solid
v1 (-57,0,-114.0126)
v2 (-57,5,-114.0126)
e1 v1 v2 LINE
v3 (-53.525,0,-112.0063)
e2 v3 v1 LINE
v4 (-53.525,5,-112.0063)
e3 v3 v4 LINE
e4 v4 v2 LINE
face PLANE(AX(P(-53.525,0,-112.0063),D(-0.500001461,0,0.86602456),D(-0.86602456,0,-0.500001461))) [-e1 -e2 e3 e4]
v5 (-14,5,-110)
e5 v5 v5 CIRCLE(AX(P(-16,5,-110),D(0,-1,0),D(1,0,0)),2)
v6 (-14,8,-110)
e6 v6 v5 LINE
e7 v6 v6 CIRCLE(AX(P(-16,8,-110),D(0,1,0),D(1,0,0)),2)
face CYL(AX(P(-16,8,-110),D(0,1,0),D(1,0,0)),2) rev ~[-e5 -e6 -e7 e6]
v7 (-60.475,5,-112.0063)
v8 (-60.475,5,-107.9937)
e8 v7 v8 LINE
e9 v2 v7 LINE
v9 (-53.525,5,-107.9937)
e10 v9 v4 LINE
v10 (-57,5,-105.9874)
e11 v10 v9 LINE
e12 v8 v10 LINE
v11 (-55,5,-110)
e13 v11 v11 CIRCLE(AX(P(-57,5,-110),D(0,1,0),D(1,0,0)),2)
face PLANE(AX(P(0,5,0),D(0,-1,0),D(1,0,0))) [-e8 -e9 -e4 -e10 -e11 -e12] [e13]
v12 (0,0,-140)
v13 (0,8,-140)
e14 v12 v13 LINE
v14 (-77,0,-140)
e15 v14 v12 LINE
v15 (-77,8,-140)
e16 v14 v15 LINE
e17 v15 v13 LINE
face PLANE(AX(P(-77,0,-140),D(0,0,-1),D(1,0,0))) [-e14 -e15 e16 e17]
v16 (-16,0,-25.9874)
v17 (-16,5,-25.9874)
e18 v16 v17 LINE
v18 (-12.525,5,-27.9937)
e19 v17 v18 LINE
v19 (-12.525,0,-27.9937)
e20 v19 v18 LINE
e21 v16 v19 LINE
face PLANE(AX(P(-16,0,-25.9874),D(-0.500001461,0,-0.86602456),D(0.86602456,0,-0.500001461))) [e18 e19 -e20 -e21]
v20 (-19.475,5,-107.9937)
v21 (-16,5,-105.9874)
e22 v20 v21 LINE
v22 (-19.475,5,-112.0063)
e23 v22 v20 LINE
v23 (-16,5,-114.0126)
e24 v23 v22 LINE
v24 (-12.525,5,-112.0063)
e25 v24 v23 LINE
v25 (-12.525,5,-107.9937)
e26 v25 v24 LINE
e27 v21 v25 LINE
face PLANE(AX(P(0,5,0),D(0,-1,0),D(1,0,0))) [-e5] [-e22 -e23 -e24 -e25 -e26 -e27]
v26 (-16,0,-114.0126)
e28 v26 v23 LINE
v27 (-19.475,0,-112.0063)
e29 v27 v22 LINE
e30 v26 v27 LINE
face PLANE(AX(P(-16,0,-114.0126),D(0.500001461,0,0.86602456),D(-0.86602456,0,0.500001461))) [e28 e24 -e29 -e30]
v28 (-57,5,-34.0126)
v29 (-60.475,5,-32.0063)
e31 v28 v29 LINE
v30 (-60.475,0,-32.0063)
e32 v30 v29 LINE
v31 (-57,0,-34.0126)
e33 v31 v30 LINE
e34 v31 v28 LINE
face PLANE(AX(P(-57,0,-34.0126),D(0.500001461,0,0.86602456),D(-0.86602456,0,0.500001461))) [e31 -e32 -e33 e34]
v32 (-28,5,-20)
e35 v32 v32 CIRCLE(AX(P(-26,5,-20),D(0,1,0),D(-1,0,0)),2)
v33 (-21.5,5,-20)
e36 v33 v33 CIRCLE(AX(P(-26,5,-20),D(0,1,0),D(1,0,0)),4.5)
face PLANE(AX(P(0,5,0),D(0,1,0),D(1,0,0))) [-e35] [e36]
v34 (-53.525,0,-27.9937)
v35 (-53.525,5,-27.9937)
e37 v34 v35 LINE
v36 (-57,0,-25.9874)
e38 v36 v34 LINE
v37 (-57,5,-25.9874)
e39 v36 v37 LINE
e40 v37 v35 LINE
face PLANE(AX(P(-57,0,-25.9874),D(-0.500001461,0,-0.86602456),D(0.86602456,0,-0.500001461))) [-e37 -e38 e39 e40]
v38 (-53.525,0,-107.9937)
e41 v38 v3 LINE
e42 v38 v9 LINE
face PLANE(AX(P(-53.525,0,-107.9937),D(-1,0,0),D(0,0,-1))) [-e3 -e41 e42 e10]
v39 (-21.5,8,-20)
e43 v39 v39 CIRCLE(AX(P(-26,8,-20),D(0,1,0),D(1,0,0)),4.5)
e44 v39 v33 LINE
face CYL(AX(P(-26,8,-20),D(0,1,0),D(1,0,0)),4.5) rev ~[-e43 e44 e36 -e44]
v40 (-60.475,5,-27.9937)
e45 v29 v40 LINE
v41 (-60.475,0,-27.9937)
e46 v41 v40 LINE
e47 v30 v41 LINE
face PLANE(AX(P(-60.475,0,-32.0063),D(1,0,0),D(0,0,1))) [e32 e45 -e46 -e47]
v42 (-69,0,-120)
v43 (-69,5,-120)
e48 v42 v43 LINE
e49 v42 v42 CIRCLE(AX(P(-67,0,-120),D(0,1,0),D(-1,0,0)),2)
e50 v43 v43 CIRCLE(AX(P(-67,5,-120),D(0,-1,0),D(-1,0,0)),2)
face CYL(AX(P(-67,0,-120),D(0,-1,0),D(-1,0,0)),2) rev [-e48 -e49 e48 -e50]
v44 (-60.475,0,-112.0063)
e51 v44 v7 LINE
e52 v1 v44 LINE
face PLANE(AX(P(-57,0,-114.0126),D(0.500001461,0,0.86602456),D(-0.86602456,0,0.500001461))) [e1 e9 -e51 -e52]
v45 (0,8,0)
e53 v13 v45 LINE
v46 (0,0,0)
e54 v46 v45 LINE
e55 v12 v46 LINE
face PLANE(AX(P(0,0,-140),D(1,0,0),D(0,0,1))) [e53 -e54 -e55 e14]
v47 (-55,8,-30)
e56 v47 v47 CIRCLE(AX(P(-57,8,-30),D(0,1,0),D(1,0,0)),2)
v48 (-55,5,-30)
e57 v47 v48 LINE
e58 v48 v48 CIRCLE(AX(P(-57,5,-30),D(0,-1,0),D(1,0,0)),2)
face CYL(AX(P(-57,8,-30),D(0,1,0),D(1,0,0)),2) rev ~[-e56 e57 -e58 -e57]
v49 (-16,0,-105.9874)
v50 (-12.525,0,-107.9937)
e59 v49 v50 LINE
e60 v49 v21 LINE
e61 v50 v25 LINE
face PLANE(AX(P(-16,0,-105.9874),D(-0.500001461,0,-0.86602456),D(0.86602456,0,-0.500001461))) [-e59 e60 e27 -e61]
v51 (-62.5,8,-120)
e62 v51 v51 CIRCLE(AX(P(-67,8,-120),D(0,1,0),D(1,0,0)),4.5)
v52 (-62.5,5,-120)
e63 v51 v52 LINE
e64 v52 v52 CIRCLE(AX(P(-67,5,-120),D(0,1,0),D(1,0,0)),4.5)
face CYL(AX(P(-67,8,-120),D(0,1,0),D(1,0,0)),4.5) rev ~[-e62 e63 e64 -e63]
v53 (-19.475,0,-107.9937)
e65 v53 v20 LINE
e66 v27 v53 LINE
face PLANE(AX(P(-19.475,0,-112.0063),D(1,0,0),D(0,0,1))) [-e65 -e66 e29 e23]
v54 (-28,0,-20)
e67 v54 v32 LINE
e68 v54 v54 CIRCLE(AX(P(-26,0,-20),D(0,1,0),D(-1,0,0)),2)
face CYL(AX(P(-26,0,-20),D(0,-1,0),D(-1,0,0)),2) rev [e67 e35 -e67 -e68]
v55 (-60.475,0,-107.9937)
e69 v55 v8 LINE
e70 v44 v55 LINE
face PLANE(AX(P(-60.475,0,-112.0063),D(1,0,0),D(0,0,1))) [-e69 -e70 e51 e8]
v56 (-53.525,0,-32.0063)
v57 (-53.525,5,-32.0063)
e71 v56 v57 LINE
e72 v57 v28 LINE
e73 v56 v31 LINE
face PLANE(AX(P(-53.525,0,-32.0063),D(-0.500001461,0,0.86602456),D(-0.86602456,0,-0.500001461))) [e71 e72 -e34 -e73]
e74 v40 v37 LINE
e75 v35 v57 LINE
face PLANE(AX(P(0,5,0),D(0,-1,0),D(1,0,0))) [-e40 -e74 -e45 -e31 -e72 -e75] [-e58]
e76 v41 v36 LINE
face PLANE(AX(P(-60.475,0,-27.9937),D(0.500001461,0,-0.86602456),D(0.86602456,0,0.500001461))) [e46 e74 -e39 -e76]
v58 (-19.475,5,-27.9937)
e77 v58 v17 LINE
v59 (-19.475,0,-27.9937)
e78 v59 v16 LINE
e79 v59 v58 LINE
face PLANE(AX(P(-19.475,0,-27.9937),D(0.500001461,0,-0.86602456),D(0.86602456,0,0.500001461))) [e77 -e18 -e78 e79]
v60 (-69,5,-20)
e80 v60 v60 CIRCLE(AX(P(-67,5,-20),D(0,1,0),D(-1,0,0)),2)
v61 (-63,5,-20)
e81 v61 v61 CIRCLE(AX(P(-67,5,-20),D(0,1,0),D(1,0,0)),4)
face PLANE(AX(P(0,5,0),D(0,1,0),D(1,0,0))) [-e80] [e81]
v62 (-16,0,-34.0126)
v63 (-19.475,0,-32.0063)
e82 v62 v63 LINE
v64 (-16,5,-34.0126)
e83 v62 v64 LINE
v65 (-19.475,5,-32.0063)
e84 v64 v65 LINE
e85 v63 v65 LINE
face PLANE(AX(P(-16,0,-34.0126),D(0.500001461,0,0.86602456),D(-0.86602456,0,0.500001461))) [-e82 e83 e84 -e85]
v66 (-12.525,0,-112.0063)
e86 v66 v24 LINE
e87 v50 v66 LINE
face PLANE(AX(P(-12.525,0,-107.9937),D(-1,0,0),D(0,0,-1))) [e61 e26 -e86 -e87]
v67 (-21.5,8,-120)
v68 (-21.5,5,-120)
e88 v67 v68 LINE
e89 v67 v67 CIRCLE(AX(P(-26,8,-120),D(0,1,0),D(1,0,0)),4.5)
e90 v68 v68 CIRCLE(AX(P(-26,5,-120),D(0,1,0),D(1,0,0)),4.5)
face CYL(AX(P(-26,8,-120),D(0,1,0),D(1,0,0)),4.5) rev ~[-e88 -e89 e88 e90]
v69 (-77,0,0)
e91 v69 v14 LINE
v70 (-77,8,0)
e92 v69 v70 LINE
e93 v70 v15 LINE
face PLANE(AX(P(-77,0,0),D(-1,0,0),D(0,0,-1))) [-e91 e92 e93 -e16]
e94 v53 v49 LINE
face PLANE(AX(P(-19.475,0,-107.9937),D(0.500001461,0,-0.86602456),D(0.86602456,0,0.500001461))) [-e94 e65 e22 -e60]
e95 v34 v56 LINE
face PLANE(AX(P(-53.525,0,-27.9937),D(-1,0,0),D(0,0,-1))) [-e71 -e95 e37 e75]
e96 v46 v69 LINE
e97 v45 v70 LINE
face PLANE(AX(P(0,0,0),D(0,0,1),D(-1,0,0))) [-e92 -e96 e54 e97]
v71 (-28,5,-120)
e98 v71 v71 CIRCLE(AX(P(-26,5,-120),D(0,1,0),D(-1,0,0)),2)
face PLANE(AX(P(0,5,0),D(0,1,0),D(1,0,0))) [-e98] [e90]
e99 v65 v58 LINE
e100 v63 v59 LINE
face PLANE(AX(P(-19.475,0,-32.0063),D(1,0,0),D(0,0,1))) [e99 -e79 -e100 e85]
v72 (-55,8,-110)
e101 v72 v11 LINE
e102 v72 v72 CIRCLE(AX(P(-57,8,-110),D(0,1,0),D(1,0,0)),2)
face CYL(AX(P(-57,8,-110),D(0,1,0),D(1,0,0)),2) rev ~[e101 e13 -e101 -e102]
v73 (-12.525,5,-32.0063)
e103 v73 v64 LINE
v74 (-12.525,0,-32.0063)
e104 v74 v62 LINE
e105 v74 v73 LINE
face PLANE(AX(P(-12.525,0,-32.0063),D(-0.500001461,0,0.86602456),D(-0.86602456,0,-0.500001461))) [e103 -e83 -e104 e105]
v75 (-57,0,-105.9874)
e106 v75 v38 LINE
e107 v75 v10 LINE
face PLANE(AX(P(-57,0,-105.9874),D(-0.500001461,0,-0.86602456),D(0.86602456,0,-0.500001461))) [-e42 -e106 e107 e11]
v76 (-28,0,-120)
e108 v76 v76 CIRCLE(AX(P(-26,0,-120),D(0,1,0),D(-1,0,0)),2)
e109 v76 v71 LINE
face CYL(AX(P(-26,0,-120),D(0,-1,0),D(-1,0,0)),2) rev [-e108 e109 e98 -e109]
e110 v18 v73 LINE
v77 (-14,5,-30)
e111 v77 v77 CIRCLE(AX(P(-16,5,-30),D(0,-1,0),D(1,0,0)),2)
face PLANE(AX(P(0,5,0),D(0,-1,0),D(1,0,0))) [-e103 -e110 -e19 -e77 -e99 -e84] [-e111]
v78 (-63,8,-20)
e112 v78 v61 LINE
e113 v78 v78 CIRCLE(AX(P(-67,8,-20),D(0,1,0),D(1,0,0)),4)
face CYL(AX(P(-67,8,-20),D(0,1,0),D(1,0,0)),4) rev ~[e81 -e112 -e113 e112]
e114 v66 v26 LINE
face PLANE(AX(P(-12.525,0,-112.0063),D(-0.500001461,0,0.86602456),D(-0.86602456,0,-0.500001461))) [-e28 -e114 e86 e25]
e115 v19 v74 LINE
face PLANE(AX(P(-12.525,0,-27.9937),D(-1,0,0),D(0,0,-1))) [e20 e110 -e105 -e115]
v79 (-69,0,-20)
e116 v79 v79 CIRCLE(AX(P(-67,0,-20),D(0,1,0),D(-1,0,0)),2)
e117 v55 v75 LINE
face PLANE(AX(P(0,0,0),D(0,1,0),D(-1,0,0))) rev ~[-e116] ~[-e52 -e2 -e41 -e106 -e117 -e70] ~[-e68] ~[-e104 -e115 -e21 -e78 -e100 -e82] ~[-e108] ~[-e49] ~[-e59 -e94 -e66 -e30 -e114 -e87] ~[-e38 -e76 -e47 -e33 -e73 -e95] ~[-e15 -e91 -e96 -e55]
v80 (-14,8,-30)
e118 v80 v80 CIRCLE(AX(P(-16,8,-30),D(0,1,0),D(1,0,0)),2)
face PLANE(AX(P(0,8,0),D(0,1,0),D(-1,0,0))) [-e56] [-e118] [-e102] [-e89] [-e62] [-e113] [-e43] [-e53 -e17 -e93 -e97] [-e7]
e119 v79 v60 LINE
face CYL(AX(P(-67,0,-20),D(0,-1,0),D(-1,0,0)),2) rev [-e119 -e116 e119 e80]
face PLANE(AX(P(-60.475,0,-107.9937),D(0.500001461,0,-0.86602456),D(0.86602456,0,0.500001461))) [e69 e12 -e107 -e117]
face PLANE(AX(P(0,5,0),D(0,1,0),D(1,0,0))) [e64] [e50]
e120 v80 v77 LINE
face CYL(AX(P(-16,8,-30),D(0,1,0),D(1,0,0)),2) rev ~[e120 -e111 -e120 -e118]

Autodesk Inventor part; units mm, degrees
ref_plane "YZ Plane" through (0, 0, 0) normal (1, 0, 0) x (0, 1, 0)
ref_plane "XZ Plane" through (0, 0, 0) normal (0, 1, 0) x (-1, 0, 0)
ref_plane "XY Plane" through (0, 0, 0) normal (0, 0, 1) x (1, 0, 0)
sketch "Esboço1" plane through (0, 0, 0) normal (0, 1, 0) x (-1, 0, 0)
  line L0 (0, 0) -> (77, 0)
  line L1 (77, 0) -> (77, -140)
  line L2 (77, -140) -> (0, -140)
  line L3 (0, -140) -> (0, 0)
  circle A0 centre (67, -20) radius 2
  circle A1 centre (67, -120) radius 2
  circle A2 centre (26, -20) radius 2
  circle A3 centre (26, -120) radius 2
  dimension "d0" = 77
  dimension "d1" = 140
  dimension "d2" = 4
  dimension "d3" = 4
  dimension "d4" = 4
  dimension "d5" = 4
  dimension "d6" = 10
  dimension "d7" = 10
  dimension "d8" = 20
  dimension "d9" = 20
  dimension "d10" = 20
  dimension "d11" = 20
  dimension "d12" = 26
  dimension "d13" = 26
extrude "Extrusão1" add sketch "Esboço1" along normal blind 8
sketch "Esboço2" plane through (0, 8, 0) normal (0, 1, 0) x (1, 0, 0)
  circle A0 centre (-67, 20) radius 2 projected
  circle A1 centre (-26, 20) radius 2 projected
  circle A2 centre (-26, 120) radius 2 projected
  circle A3 centre (-67, 120) radius 2 projected
  circle A4 centre (-67, 20) radius 4
  circle A5 centre (-67, 120) radius 2 projected
  circle A6 centre (-67, 120) radius 4.5
  circle A7 centre (-26, 120) radius 2 projected
  circle A8 centre (-26, 120) radius 4.5
  circle A9 centre (-26, 20) radius 2 projected
  circle A10 centre (-26, 20) radius 4.5
  point P0 (0, 0)
  dimension "d16" = 8
  dimension "d17" = 9
  dimension "d18" = 9
  dimension "d19" = 9
extrude "Extrusão2" cut sketch "Esboço2" against normal blind 3 contours A3 | A4 | A6 | A8 | A10
sketch "Esboço3" plane through (0, 8, 0) normal (0, 1, 0) x (1, 0, 0)
  point P0 (0, 0)
sketch "Esboço4" plane through (0, 8, 0) normal (0, 1, 0) x (1, 0, 0)
  circle A0 centre (-57, 30) radius 2
  circle A1 centre (-57, 110) radius 2
  circle A2 centre (-67, 20) radius 2 projected
  circle A3 centre (-67, 120) radius 2 projected
  circle A4 centre (-16, 30) radius 2
  circle A5 centre (-16, 110) radius 2
  circle A6 centre (-26, 20) radius 2 projected
  circle A7 centre (-26, 120) radius 2 projected
  point P0 (0, 0)
  dimension "d22" = 4
  dimension "d23" = 4
  dimension "d24" = 10
  dimension "d25" = 10
  dimension "d26" = 10
  dimension "d27" = 10
  dimension "d28" = 4
  dimension "d29" = 4
  dimension "d30" = 10
  dimension "d31" = 10
  dimension "d32" = 10
  dimension "d33" = 10
extrude "Extrusão3" cut sketch "Esboço4" against normal blind 12 contours A0 | A1 | A4 | A5
sketch "Esboço5" plane through (0, 0, 0) normal (0, -1, 0) x (1, 0, 0)
  circle A0 centre (-57, -110) radius 2 projected
  circle A1 centre (-16, -110) radius 2 projected
  circle A2 centre (-16, -30) radius 2 projected
  circle A3 centre (-57, -30) radius 2 projected
  line L0 (-53.525, -112.0063) -> (-57, -114.0126)
  line L1 (-57, -114.0126) -> (-60.475, -112.0063)
  line L2 (-60.475, -112.0063) -> (-60.475, -107.9937)
  line L3 (-60.475, -107.9937) -> (-57, -105.9874)
  line L4 (-57, -105.9874) -> (-53.525, -107.9937)
  line L5 (-53.525, -107.9937) -> (-53.525, -112.0063)
  line L6 (-53.525, -32.0063) -> (-57, -34.0126)
  line L7 (-57, -34.0126) -> (-60.475, -32.0063)
  line L8 (-60.475, -32.0063) -> (-60.475, -27.9937)
  line L9 (-60.475, -27.9937) -> (-57, -25.9874)
  line L10 (-57, -25.9874) -> (-53.525, -27.9937)
  line L11 (-53.525, -27.9937) -> (-53.525, -32.0063)
  line L12 (-16, -105.9874) -> (-12.525, -107.9937)
  line L13 (-12.525, -107.9937) -> (-12.525, -112.0063)
  line L14 (-12.525, -112.0063) -> (-16, -114.0126)
  line L15 (-16, -114.0126) -> (-19.475, -112.0063)
  line L16 (-19.475, -112.0063) -> (-19.475, -107.9937)
  line L17 (-19.475, -107.9937) -> (-16, -105.9874)
  circle A4 centre (-16, -30) radius 2 projected
  line L18 (-12.525, -32.0063) -> (-16, -34.0126)
  line L19 (-16, -34.0126) -> (-19.475, -32.0063)
  line L20 (-19.475, -32.0063) -> (-19.475, -27.9937)
  line L21 (-19.475, -27.9937) -> (-16, -25.9874)
  line L22 (-16, -25.9874) -> (-12.525, -27.9937)
  line L23 (-12.525, -27.9937) -> (-12.525, -32.0063)
  line L24 (-77, -140) -> (-77, 0) projected
  line L25 (0, 0) -> (0, -140) projected
  dimension "d36" = 6.95
  dimension "d37" = 6.95
  dimension "d38" = 6.95
  dimension "d39" = 6.95
extrude "Extrusão4" cut sketch "Esboço5" against normal blind 5 contours A0 | L0 L1 L2 L3 L4 L5 | L6 L7 L8 L9 L10 L11 | L12 L13 L14 L15 L16 L17 | L18 L19 L20 L21 L22 L23
equation "\"d4\" = d3"
equation "\"d5\" = d3"
equation "\"d7\" = d6"
equation "\"d9\" = d8"
equation "\"d10\" = d9"
equation "\"d11\" = d8"
equation "\"d26\" = d25"
equation "\"d27\" = d26"
equation "\"d30\" = d24"
equation "\"d33\" = d32"
equation "\"d36\" = d39"
equation "\"d37\" = d39"
equation "\"d38\" = d39"
properties part number "suporte-fonte"
